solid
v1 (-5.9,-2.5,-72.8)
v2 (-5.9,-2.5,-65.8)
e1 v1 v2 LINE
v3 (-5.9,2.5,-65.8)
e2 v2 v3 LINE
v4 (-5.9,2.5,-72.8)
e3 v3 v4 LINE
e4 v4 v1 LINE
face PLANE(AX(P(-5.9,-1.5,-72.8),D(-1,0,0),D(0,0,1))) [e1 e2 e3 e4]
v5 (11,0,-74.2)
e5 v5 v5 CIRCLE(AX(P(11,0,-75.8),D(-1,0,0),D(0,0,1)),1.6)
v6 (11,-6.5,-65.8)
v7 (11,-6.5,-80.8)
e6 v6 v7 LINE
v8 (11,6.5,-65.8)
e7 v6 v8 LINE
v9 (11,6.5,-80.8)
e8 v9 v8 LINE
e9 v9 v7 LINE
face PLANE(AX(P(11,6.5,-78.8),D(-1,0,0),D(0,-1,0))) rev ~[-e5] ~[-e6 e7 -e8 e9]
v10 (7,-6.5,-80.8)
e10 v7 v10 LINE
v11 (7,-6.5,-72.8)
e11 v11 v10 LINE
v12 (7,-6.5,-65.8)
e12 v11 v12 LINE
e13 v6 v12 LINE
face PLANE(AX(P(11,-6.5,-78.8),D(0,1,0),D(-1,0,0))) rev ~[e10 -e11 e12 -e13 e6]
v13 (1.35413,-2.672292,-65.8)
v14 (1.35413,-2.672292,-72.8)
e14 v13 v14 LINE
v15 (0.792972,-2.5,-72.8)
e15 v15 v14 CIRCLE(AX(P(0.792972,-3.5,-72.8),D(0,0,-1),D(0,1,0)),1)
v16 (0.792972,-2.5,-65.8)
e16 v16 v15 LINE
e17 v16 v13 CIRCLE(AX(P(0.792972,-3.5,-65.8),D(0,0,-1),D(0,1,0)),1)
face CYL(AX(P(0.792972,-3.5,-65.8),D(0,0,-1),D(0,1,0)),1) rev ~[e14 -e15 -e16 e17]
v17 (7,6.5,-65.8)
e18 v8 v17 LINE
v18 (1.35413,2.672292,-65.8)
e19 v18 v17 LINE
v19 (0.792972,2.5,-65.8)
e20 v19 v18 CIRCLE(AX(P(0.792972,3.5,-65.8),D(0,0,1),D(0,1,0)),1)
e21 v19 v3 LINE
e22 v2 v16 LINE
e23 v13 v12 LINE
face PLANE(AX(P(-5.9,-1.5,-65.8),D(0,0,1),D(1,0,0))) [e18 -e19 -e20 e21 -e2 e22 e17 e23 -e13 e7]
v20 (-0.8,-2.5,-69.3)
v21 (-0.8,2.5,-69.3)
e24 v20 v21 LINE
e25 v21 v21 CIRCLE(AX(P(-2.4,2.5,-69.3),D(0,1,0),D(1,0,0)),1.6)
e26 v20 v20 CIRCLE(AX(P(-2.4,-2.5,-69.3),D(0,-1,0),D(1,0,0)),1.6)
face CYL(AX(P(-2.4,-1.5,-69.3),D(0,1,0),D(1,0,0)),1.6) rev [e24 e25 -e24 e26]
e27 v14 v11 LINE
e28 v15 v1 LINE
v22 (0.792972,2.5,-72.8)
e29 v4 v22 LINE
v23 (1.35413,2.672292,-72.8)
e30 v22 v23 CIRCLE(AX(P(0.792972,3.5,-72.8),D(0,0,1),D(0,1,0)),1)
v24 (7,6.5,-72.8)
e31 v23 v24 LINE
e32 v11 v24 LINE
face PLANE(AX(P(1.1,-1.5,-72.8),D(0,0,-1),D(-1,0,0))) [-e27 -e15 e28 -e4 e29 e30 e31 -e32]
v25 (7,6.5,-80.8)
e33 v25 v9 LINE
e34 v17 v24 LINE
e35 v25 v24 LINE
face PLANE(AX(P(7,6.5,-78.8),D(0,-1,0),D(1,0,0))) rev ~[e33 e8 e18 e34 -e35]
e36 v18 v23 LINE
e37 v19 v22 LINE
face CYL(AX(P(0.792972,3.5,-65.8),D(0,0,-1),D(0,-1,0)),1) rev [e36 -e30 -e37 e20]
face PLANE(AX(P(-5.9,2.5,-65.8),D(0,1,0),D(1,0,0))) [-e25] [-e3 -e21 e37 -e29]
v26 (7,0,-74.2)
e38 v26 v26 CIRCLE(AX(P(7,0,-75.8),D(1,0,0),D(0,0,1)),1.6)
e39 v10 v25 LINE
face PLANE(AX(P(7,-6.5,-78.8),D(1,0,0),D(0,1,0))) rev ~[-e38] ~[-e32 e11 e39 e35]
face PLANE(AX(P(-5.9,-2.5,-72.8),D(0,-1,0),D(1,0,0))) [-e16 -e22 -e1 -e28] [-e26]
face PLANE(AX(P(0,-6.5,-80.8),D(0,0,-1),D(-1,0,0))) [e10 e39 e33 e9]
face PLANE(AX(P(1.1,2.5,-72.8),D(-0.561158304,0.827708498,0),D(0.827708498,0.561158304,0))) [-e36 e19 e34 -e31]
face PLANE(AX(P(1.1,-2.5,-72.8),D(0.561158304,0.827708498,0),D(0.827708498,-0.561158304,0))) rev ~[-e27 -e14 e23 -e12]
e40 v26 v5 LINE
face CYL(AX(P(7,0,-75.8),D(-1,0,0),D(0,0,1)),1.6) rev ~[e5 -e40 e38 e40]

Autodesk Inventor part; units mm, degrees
ref_plane "YZ Plane" through (0, 0, 0) normal (1, 0, 0) x (0, 1, 0)
ref_plane "XZ Plane" through (0, 0, 0) normal (0, 1, 0) x (-1, 0, 0)
ref_plane "XY Plane" through (0, 0, 0) normal (0, 0, 1) x (1, 0, 0)
sketch "Sketch1" plane through (0, 0, 0) normal (1, 0, 0) x (0, 1, 0)
  circle A0 centre (0, 0) radius 1.6
  line L0 (0, 0) -> (0, -66.3)
  circle A1 centre (0, -66.3) radius 1.6
  line L1 (0, 0) -> (3.5, 0)
  line L2 (3.5, 0) -> (3.5, 3.5)
  line L3 (3.5, 3.5) -> (-3.5, 3.5)
  line L4 (-3.5, 3.5) -> (-3.5, -3.5)
  line L5 (-3.5, -3.5) -> (3.5, -3.5)
  line L6 (3.5, -3.5) -> (3.5, 0)
  line L7 (0, -66.3) -> (3.5, -66.3)
  line L8 (3.5, -66.3) -> (3.5, -62.8)
  line L9 (3.5, -62.8) -> (-3.5, -62.8)
  line L10 (-3.5, -62.8) -> (-3.5, -69.8)
  line L11 (-3.5, -69.8) -> (3.5, -69.8)
  line L12 (3.5, -69.8) -> (3.5, -66.3)
  line L13 (3.5, 3.5) -> (3.5, 6.5)
  line L14 (3.5, 6.5) -> (-3.5, 6.5)
  line L15 (-3.5, 6.5) -> (-3.5, 3.5)
  line L16 (3.5, -69.8) -> (3.5, -72.8)
  line L17 (3.5, -72.8) -> (-3.5, -72.8)
  line L18 (-3.5, -72.8) -> (-3.5, -69.8)
  dimension "d0" = 3.2
  dimension "d1" = 66.3
  dimension "d2" = 3.2
  dimension "d3" = 3.5
  dimension "d4" = 3.5
  dimension "d5" = 7
  dimension "d6" = 7
  dimension "d7" = 3.5
  dimension "d8" = 3.5
  dimension "d9" = 7
  dimension "d10" = 7
  dimension "d11" = 3
  dimension "d12" = 3
extrude "Extrusion1" add sketch "Sketch1" along normal blind 3 contours L1 L6 L5 L0 A0 | A0 L0 L5 L4 L3 L2 L1 | L9 L8 L7 A1 L0 | L0 A1 L7 L12 L11 L10 L9 | L3 L15 L14 L13 | L11 L16 L17 L18
sketch "Sketch2" plane through (3, 0, 0) normal (1, 0, 0) x (0, 0, -1)
  line L0 (-6.5, 3.5) -> (-6.5, -3.5) projected
  line L1 (-6.5, -3.5) -> (3.5, -3.5) projected
  line L2 (3.5, -3.5) -> (3.5, 3.5) projected
  line L3 (3.5, 3.5) -> (-6.5, 3.5) projected
  circle A0 centre (0, 0) radius 1.6 projected
  line L4 (62.8, -3.5) -> (72.8, -3.5) projected
  line L5 (72.8, -3.5) -> (72.8, 3.5) projected
  line L6 (72.8, 3.5) -> (62.8, 3.5) projected
  line L7 (62.8, 3.5) -> (62.8, -3.5) projected
  circle A1 centre (66.3, 0) radius 1.6 projected
  line L8 (-6.5, 3.5) -> (-6.5, -3.5) projected
  line L9 (-6.5, 3.5) -> (-2.5, 3.5)
  line L10 (3.5, 3.5) -> (-6.5, 3.5) projected
  line L11 (-2.5, 3.5) -> (-2.5, -3.5)
  line L12 (-6.5, -3.5) -> (3.5, -3.5) projected
  line L13 (-2.5, -3.5) -> (-6.5, -3.5)
  line L14 (72.8, 3.5) -> (68.8, 3.5)
  line L15 (72.8, 3.5) -> (62.8, 3.5) projected
  line L16 (68.8, 3.5) -> (68.8, -3.5)
  line L17 (62.8, -3.5) -> (72.8, -3.5) projected
  line L18 (72.8, -3.5) -> (68.8, -3.5)
  dimension "d15" = 4
  dimension "d16" = 4
extrude "Extrusion2" add sketch "Sketch2" along normal blind 10 contours L3 L11 L1 L0 | L16 L6 L5 L4
sketch "Sketch3" plane through (0, 0, 0) normal (-1, 0, 0) x (0, 0, 1)
  line L0 (6.5, 3.5) -> (6.5, -3.5) projected
  line L1 (-3.5, 3.5) -> (6.5, 3.5) projected
  line L2 (-3.5, -3.5) -> (-3.5, 3.5) projected
  line L3 (6.5, -3.5) -> (-3.5, -3.5) projected
  circle A0 centre (0, 0) radius 1.6 projected
extrude "Extrusion3" cut sketch "Sketch3" against normal through all
sketch "Sketch4" plane through (0, -3.5, -72.8) normal (0, -1, 0) x (1, 0, 0)
  line L0 (0, 10) -> (0, 0) projected
  line L1 (0, 0) -> (13, 0) projected
  line L2 (13, 4) -> (13, 0) projected
  line L3 (3, 4) -> (13, 4) projected
  line L4 (3, 10) -> (3, 4) projected
  line L5 (0, 10) -> (3, 10) projected
  point P0 (0, 72.8)
extrude "Extrusion4" add sketch "Sketch4" along normal blind 3
sketch "Sketch5" plane through (0, 3.5, -62.8) normal (0, 1, 0) x (1, 0, 0)
  line L0 (0, 10) -> (0, 0) projected
  line L1 (0, 0) -> (3, 0) projected
  line L2 (3, 6) -> (3, 0) projected
  line L3 (3, 6) -> (13, 6) projected
  line L4 (13, 10) -> (13, 6) projected
  line L5 (0, 10) -> (13, 10) projected
  point P0 (0, -62.8)
extrude "Extrusion5" add sketch "Sketch5" along normal blind 3
sketch "Sketch6" plane through (13, 0, 0) normal (1, 0, 0) x (0, 0, -1)
  line L0 (68.8, -6.5) -> (68.8, 6.5) projected
  line L1 (72.8, -6.5) -> (68.8, -6.5) projected
  line L2 (72.8, 6.5) -> (72.8, -6.5) projected
  line L3 (68.8, 6.5) -> (72.8, 6.5) projected
  point P0 (0, 0)
extrude "Extrusion6" cut sketch "Sketch6" against normal blind 2
sketch "Sketch7" plane through (0, -6.5, -72.8) normal (0, 0, -1) x (-1, 0, 0)
  line L0 (0, 0) -> (-11, 0) projected
  line L1 (-11, 0) -> (-7, 0)
  line L2 (-7, 0) -> (-7, 13.1195)
  line L3 (-3, 0) -> (-3, 13) projected
  line L4 (-11, 13) -> (-11, 0) projected
  line L5 (0, 0) -> (-11, 0) projected
  line L6 (0, 13) -> (0, 0) projected
  line L7 (-11, 13) -> (0, 13) projected
  point P0 (0, 6.5)
  point P1 (-7, 13)
  dimension "d27" = 4
extrude "Extrusion7" add sketch "Sketch7" along normal blind 6 contours L0 L4 L7 L2
sketch "Sketch8" plane through (7, -6.5, -72.8) normal (-1, 0, 0) x (0, 0, 1)
  line L0 (0, 13) -> (0, 0) projected
  line L1 (0, 13) -> (-6, 13) projected
  line L2 (-6, 0) -> (-6, 13) projected
  line L3 (0, 0) -> (-6, 0) projected
  line L4 (-6, 13) -> (-6, 0) projected
  line L5 (-6, 0) -> (-6, 6.5)
  line L6 (-6, 6.5) -> (-3, 6.5)
  circle A0 centre (-3, 6.5) radius 1.6
  point P0 (72.8, 6.5)
  dimension "d30" = 6.5
  dimension "d31" = 3
  dimension "d32" = 3.2
extrude "Extrusion8" cut sketch "Sketch8" against normal blind 6 contours A0
sketch "Sketch9" plane through (3, 0, 0) normal (1, 0, 0) x (0, 0, -1)
  circle A0 centre (66.3, 0) radius 1.6 projected
  line L0 (68.8, -6.5) -> (68.8, 6.5) projected
  line L1 (62.8, 6.5) -> (68.8, 6.5) projected
  line L2 (62.8, -6.5) -> (62.8, 6.5) projected
  line L3 (68.8, -6.5) -> (62.8, -6.5) projected
  point P0 (0, 0)
extrude "Extrusion9" cut sketch "Sketch9" against normal blind 6
sketch "Sketch10" plane through (0, 0, 0) normal (-1, 0, 0) x (0, 0, 1)
  line L0 (-68.8, -6.5) -> (-68.8, 6.5) projected
  line L1 (-72.8, 6.5) -> (-68.8, 6.5) projected
  line L2 (-72.8, 6.5) -> (-72.8, -6.5) projected
  line L3 (-68.8, -6.5) -> (-72.8, -6.5) projected
  point P0 (0, 0)
extrude "Extrusion10" add sketch "Sketch10" along normal blind 5.9
sketch "Sketch11" plane through (7, -6.5, -72.8) normal (0, 0, -1) x (-1, 0, 0)
  line L0 (0, 13) -> (0, 0) projected
  line L1 (0, 0) -> (12.9, 0) projected
  line L2 (12.9, 13) -> (12.9, 0) projected
  line L3 (0, 13) -> (12.9, 13) projected
  line L4 (-4, 0) -> (12.9, 0) projected
  line L5 (12.9, 0) -> (12.9, 5)
  line L6 (12.9, 13) -> (12.9, 0) projected
  line L7 (12.9, 5) -> (12.9, 8)
  line L8 (12.9, 8) -> (6.9, 8)
  line L9 (0, 0) -> (0, 13) projected
  line L10 (6.9, 8) -> (0, 13)
  line L11 (12.9, 5) -> (6.9, 5)
  line L12 (-4, 0) -> (0, 0) projected
  line L13 (6.9, 5) -> (0, 0)
  point P0 (7, 6.5)
  dimension "d39" = 5
  dimension "d40" = 3
  dimension "d41" = 6
extrude "Extrusion11" cut sketch "Sketch11" against normal blind 5.9 contours L3 L2 L8 L10 | L13 L11 L2 L1
sketch "Sketch12" plane through (11, -6.5, -68.8) normal (0, 0, 1) x (1, 0, 0)
  line L0 (-10.9, 5) -> (-4, 0) projected
  line L1 (0, 0) -> (-4, 0) projected
  line L2 (0, 0) -> (0, 13) projected
  line L3 (0, 13) -> (-4, 13) projected
  line L4 (-4, 13) -> (-10.9, 8) projected
  line L5 (-10.9, 8) -> (-16.9, 8) projected
  line L6 (-16.9, 5) -> (-16.9, 8) projected
  line L7 (-16.9, 5) -> (-10.9, 5) projected
  point P0 (-11, 6.5)
extrude "Extrusion12" add sketch "Sketch12" along normal blind 3
sketch "Sketch13" plane through (-5.9, -1.5, -72.8) normal (0, -1, 0) x (1, 0, 0)
  line L0 (6, 0) -> (0, 0) projected
  line L1 (0, 0) -> (0, 3.5)
  line L2 (0, 0) -> (0, 7) projected
  line L3 (0, 0) -> (0, 7) projected
  line L4 (6, 0) -> (0, 0) projected
  line L5 (6, 0) -> (6, 7) projected
  line L6 (0, 7) -> (6, 7) projected
  line L7 (0, 3.5) -> (3.5, 3.5)
  circle A0 centre (3.5, 3.5) radius 1.6
  point P0 (5.9, 72.8)
  dimension "d46" = 3.5
  dimension "d47" = 3.5
  dimension "d48" = 3.2
extrude "Extrusion13" cut sketch "Sketch13" against normal through all contours A0
sketch "Sketch14" plane through (11, -6.5, -65.8) normal (0, 0, 1) x (1, 0, 0)
  line L0 (-10.9, 5) -> (-4, 0) projected
  line L1 (-4, 0) -> (0, 0) projected
  line L2 (0, 0) -> (0, 13) projected
  line L3 (0, 13) -> (-4, 13) projected
  line L4 (-4, 13) -> (-10.9, 8) projected
  line L5 (-10.9, 8) -> (-16.9, 8) projected
  line L6 (-16.9, 8) -> (-16.9, 5) projected
  line L7 (-16.9, 5) -> (-10.9, 5) projected
  line L8 (-4, 13) -> (-10.9, 8) projected
  line L9 (-10.9, 8) -> (-9.9, 8)
  line L10 (-9.9, 8) -> (-4, 13)
  line L11 (-4, 0) -> (-10.9, 5) projected
  line L12 (-10.9, 5) -> (-9.9, 5)
  line L13 (-9.9, 5) -> (-4, 0)
  point P0 (-11, 6.5)
  dimension "d52" = 1
extrude "Extrusion14" cut sketch "Sketch14" against normal blind 10 contours L12 L13 L0 | L4 L10 L9
sketch "Sketch15" plane through (0, -6.5, -78.8) normal (0, 0, -1) x (-1, 0, 0)
  line L0 (-11, 0) -> (-7, 0) projected
  line L1 (-7, 0) -> (-7, 13) projected
  line L2 (-7, 13) -> (-11, 13) projected
  line L3 (-11, 13) -> (-11, 0) projected
  point P0 (0, 6.5)
extrude "Extrusion15" add sketch "Sketch15" along normal blind 2
sketch "Sketch16" plane through (-5.9, 1.5, -65.8) normal (0, 1, 0) x (1, 0, 0)
  circle A0 centre (3.5, 3.5) radius 1.6 projected
  line L0 (0, 7) -> (7, 7) projected
  line L1 (0, 0) -> (0, 7) projected
  line L2 (7, 0) -> (0, 0) projected
  line L3 (7, 0) -> (7, 7) projected
  point P0 (5.9, -65.8)
extrude "Extrusion16" add sketch "Sketch16" along normal blind 1
sketch "Sketch17" plane through (-5.9, -1.5, -72.8) normal (0, -1, 0) x (1, 0, 0)
  circle A0 centre (3.5, 3.5) radius 1.6 projected
  line L0 (0, 0) -> (0, 7) projected
  line L1 (7, 0) -> (0, 0) projected
  line L2 (7, 7) -> (7, 0) projected
  line L3 (0, 7) -> (7, 7) projected
  point P0 (5.9, 72.8)
extrude "Extrusion17" add sketch "Sketch17" along normal blind 1
sketch "Sketch18" plane through (7, -6.5, -72.8) normal (0, 0, -1) x (-1, 0, 0)
  line L0 (12.9, 9) -> (12.9, 4) projected
  line L1 (5.9, 9) -> (12.9, 9) projected
  line L2 (5.9, 8) -> (5.9, 9) projected
  line L3 (5.9, 8) -> (0, 13) projected
  line L4 (0, 13) -> (0, 0) projected
  line L5 (0, 0) -> (5.9, 5) projected
  line L6 (5.9, 5) -> (5.9, 4) projected
  line L7 (12.9, 4) -> (5.9, 4) projected
  line L8 (5.9, 4) -> (0, 0)
  line L9 (12.9, 9) -> (5.9, 9) projected
  line L10 (0, 13) -> (5.9, 8) projected
  line L11 (5.9, 9) -> (0, 13)
  point P0 (7, 6.5)
extrude "Extrusion18" add sketch "Sketch18" against normal blind 7 contours L2 L3 L11 | L8 L5 L6
fillet "Fillet3" radius 1 2 edges at (1.1, -2.5, -69.3) (1.1, 2.5, -69.3)
properties part number "base_servos"
